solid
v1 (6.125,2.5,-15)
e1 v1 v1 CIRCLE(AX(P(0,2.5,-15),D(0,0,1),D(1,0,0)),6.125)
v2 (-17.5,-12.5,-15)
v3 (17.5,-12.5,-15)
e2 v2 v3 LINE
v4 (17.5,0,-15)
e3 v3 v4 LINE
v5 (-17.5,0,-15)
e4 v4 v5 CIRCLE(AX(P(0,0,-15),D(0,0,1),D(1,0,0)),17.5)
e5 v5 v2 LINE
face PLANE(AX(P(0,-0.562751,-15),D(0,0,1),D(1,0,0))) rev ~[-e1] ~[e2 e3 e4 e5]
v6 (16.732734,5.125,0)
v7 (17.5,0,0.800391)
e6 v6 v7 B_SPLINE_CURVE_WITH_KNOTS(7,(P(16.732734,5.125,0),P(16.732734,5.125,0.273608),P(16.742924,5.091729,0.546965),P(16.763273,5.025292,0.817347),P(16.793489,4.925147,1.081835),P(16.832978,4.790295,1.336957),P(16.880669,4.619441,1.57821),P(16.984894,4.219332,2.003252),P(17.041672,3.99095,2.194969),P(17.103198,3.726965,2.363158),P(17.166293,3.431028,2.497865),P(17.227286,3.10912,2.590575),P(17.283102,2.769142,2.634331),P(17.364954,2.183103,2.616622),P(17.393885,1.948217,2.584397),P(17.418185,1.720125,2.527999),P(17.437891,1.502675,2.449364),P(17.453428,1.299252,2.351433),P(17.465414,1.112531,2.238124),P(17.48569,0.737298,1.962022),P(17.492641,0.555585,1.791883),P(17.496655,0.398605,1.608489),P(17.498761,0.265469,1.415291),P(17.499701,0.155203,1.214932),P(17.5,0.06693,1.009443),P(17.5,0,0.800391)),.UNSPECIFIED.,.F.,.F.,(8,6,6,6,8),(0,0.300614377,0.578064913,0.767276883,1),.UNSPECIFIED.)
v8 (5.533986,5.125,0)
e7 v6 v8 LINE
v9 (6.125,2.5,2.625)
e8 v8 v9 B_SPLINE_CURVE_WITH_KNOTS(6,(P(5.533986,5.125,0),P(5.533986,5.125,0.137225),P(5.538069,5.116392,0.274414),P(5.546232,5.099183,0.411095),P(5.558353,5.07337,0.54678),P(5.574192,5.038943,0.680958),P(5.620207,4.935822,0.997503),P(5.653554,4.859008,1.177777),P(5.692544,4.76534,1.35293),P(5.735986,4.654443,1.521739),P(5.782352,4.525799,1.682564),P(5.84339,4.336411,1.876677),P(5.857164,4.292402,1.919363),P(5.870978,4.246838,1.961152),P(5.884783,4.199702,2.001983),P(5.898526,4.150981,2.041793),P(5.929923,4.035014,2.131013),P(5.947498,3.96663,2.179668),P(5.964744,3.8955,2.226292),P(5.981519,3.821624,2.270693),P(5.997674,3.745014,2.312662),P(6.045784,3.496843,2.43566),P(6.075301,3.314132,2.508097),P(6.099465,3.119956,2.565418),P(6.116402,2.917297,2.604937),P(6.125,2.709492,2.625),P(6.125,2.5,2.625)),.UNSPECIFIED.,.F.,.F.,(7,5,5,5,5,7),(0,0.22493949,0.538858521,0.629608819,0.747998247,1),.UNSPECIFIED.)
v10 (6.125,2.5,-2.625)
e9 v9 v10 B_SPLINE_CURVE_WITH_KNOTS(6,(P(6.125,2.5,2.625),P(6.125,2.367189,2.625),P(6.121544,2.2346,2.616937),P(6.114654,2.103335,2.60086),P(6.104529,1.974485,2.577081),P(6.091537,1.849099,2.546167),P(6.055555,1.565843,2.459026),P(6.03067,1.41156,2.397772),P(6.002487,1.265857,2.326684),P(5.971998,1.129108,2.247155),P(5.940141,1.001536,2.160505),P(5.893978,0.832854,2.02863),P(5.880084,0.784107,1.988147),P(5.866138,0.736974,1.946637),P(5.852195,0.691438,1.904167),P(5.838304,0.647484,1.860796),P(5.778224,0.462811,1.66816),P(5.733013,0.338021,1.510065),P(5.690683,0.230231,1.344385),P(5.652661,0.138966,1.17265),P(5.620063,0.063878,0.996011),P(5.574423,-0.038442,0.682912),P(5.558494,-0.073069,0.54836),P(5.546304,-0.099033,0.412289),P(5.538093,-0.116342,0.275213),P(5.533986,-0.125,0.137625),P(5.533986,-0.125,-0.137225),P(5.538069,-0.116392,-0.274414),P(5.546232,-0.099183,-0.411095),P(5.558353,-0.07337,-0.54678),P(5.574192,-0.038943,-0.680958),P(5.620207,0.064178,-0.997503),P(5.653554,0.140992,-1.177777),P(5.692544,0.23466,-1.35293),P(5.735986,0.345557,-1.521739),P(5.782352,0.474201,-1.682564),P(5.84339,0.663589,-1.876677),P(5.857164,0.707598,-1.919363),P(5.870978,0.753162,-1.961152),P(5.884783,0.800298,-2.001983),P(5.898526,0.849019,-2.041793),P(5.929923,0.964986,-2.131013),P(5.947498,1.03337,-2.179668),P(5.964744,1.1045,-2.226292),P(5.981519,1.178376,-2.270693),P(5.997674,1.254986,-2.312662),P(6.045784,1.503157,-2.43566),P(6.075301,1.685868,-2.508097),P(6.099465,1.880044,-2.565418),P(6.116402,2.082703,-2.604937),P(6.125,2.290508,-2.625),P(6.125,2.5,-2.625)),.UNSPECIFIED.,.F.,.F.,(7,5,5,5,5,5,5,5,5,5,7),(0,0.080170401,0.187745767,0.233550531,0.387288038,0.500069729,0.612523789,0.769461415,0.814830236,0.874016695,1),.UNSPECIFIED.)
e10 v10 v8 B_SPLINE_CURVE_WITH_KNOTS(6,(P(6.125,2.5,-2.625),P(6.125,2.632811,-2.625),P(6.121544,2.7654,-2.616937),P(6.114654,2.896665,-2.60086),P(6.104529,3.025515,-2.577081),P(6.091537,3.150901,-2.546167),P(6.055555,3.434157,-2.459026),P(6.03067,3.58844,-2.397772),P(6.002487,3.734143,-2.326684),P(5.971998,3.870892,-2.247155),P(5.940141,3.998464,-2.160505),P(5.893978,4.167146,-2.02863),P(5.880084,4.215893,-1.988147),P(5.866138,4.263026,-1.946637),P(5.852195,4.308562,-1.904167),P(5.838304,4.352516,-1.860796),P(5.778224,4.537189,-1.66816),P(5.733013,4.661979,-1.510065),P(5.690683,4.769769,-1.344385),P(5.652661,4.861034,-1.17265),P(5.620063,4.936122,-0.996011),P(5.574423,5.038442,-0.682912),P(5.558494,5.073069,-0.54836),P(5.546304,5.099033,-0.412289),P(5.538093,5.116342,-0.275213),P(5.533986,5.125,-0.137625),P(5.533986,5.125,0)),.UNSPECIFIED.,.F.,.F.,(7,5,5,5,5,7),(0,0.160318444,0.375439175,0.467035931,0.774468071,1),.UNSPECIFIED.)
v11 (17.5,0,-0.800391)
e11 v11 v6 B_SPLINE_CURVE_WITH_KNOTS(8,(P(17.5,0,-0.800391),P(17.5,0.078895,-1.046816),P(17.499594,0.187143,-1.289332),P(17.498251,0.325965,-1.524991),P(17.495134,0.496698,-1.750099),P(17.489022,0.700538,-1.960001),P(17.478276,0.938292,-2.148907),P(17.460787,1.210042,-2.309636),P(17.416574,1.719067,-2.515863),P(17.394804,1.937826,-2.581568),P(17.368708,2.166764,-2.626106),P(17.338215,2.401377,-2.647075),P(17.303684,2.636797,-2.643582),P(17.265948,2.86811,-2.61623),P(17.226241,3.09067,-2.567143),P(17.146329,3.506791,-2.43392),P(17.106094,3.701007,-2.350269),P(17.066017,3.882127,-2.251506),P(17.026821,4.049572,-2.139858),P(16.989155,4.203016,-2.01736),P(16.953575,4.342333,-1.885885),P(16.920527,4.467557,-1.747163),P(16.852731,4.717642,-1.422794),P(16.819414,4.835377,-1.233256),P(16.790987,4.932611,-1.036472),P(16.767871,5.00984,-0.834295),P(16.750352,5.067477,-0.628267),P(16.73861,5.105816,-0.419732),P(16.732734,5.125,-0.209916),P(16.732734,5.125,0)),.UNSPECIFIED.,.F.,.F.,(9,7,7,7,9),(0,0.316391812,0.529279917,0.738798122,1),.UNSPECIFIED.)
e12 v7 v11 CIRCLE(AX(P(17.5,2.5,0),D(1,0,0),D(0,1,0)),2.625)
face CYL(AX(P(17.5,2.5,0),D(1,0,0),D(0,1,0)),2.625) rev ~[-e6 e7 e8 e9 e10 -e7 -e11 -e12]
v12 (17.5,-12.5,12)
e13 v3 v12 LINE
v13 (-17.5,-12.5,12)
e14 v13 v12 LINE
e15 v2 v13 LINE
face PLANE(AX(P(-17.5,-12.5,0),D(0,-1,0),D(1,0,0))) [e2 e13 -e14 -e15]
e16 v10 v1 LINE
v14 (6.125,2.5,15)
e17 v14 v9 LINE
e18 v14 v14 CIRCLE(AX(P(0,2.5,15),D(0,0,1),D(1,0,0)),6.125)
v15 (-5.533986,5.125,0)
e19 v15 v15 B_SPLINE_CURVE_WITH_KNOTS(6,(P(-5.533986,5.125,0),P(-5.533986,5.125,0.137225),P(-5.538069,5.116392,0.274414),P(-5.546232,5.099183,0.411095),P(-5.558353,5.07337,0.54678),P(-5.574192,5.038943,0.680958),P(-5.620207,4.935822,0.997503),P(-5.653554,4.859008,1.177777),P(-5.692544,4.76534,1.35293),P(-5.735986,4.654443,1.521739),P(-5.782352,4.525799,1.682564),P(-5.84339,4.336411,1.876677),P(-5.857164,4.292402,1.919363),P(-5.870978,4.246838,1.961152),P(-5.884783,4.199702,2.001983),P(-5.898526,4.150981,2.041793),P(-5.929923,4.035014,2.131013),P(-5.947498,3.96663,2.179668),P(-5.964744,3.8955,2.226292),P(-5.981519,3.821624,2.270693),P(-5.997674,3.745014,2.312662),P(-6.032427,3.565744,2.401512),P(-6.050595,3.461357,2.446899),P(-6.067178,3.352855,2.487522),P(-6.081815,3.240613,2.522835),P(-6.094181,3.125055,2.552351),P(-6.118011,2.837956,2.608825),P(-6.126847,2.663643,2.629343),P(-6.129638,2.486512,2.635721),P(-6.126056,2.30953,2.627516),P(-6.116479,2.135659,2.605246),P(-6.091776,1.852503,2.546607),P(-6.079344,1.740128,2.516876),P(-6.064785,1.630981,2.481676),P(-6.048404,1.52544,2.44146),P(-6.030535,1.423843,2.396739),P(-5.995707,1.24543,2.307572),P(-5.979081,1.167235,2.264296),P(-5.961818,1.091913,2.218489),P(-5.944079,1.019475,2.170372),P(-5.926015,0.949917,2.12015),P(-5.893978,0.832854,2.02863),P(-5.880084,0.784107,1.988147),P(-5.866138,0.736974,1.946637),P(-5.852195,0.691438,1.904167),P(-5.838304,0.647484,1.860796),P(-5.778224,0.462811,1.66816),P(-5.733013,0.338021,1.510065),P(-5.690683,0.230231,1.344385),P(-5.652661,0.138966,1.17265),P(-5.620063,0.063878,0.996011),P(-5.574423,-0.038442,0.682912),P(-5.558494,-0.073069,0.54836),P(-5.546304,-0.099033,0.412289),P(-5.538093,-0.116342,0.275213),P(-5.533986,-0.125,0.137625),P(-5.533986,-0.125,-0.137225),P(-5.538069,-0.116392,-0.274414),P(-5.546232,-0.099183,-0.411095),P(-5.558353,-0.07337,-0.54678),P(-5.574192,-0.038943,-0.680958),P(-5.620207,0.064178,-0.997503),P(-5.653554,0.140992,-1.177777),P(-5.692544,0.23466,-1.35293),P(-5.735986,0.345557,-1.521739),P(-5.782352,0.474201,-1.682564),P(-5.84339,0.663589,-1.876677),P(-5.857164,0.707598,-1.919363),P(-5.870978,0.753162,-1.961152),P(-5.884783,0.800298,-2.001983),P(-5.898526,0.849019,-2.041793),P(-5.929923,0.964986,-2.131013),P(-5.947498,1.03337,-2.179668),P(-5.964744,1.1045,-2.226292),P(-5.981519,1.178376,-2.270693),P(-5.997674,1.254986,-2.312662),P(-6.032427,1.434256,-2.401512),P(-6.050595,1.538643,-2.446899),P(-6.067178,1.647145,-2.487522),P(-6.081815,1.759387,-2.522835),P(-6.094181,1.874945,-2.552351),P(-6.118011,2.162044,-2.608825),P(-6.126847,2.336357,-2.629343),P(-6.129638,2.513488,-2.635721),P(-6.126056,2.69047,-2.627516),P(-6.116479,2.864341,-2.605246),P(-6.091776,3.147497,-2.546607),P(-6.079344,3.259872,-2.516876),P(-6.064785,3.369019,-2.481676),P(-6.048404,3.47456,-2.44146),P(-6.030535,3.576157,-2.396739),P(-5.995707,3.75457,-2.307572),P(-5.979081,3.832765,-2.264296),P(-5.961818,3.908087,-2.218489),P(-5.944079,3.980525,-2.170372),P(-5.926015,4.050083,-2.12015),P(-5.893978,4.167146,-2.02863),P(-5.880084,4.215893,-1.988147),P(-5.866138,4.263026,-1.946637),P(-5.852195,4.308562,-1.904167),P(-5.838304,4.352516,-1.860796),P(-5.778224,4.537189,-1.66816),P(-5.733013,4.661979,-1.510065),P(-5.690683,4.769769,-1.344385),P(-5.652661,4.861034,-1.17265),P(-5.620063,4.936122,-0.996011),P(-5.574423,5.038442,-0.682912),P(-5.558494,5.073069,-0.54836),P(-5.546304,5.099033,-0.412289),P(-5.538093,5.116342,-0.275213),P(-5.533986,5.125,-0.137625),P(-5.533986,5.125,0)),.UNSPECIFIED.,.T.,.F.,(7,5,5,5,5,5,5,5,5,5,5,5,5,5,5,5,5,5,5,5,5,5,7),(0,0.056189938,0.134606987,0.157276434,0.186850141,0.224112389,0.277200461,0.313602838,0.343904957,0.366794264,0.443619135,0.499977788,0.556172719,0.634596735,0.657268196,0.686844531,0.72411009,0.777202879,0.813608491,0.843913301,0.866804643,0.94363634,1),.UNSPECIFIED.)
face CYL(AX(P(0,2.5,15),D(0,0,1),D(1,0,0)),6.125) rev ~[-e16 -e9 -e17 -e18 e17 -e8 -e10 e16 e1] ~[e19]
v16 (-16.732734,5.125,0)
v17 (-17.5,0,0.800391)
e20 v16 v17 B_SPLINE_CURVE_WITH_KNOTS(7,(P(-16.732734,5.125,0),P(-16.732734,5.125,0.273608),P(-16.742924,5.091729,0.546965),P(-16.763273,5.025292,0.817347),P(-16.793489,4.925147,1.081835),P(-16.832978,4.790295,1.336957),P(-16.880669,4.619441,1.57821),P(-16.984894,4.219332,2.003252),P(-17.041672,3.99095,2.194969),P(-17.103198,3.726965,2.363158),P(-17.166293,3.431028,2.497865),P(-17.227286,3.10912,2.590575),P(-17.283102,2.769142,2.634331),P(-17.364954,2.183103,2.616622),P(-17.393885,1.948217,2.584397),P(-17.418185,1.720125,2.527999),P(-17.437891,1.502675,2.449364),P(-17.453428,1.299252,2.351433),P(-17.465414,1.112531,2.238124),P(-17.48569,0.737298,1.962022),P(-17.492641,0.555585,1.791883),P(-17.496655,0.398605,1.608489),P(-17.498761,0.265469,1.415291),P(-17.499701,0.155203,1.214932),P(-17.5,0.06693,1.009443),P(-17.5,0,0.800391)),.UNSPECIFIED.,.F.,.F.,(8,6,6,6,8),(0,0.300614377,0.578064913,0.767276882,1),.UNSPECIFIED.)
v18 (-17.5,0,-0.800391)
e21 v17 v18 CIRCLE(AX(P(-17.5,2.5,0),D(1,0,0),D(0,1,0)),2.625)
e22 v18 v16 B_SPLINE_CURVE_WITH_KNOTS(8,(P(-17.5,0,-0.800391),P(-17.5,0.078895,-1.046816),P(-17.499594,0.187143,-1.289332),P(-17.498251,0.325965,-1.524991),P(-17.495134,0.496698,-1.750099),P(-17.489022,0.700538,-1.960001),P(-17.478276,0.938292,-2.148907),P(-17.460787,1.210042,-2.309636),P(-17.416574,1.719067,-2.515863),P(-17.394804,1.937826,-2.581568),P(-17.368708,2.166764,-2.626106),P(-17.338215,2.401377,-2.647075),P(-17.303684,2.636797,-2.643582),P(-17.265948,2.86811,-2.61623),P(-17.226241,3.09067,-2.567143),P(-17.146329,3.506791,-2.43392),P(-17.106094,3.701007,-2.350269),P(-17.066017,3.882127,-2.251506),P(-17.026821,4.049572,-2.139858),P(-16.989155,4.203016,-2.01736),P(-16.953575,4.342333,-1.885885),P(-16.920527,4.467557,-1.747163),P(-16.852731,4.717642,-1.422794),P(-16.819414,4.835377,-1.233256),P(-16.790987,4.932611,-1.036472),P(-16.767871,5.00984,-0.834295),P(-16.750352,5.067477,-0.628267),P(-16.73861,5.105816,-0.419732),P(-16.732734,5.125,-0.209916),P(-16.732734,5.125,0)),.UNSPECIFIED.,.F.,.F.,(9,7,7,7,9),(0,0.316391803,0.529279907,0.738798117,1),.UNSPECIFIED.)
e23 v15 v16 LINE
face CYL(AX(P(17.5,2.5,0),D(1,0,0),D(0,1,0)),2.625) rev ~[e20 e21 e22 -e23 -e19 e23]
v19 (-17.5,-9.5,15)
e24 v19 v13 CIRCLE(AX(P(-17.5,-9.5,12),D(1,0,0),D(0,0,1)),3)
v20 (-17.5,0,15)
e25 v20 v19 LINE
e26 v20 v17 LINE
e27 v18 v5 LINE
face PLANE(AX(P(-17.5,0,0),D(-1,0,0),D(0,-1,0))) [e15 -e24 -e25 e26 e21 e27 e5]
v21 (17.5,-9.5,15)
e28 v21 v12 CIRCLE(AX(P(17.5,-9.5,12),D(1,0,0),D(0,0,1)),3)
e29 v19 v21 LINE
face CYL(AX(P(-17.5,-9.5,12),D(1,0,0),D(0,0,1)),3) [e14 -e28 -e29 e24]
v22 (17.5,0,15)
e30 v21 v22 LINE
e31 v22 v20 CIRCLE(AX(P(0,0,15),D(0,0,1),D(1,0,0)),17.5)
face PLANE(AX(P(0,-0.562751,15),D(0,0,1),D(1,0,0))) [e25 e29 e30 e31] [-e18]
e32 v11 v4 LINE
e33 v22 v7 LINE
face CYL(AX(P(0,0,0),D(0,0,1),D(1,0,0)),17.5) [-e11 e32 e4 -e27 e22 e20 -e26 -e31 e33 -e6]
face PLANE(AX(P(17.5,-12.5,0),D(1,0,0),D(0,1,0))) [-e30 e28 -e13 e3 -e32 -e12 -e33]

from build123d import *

# Parameters (mm, degrees)
PAD_DEPTH     = 15
FILLET_R      = 3
SKETCH001_R   = 6.125
HOLE_DEPTH    = 30.001
SKETCH002_R   = 2.625
HOLE001_DEPTH = 35.001


with BuildPart() as part:
    # Sketch → Pad (new body, symmetric)
    with BuildSketch(Plane.XY):
        with BuildLine():
            Line((-17.5, 0), (-17.5, -12.5))
            Line((-17.5, -12.5), (17.5, -12.5))
            Line((17.5, -12.5), (17.5, 0))
            ThreePointArc((17.5, 0), (0, 17.5), (-17.5, 0))
        make_face()
    extrude(amount=PAD_DEPTH, both=True)

    # Fillet
    fillet_edges = [part.edges().sort_by_distance(p)[0] for p in [
        (0, -12.5, 15),
    ]]
    fillet(fillet_edges, radius=FILLET_R)

    # Sketch001 (on Face5 of Fillet) → Hole (cut, through all)
    with BuildSketch(Plane.XY.offset(15)):
        with Locations((0, 2.5)):
            Circle(SKETCH001_R)
    extrude(amount=-HOLE_DEPTH, mode=Mode.SUBTRACT)

    # Sketch002 (on Face7 of Hole) → Hole001 (cut, through all)
    with BuildSketch(Plane.YZ.offset(17.5)):
        with Locations((2.5, 0)):
            Circle(SKETCH002_R)
    extrude(amount=-HOLE001_DEPTH, mode=Mode.SUBTRACT)


solid = part.part
